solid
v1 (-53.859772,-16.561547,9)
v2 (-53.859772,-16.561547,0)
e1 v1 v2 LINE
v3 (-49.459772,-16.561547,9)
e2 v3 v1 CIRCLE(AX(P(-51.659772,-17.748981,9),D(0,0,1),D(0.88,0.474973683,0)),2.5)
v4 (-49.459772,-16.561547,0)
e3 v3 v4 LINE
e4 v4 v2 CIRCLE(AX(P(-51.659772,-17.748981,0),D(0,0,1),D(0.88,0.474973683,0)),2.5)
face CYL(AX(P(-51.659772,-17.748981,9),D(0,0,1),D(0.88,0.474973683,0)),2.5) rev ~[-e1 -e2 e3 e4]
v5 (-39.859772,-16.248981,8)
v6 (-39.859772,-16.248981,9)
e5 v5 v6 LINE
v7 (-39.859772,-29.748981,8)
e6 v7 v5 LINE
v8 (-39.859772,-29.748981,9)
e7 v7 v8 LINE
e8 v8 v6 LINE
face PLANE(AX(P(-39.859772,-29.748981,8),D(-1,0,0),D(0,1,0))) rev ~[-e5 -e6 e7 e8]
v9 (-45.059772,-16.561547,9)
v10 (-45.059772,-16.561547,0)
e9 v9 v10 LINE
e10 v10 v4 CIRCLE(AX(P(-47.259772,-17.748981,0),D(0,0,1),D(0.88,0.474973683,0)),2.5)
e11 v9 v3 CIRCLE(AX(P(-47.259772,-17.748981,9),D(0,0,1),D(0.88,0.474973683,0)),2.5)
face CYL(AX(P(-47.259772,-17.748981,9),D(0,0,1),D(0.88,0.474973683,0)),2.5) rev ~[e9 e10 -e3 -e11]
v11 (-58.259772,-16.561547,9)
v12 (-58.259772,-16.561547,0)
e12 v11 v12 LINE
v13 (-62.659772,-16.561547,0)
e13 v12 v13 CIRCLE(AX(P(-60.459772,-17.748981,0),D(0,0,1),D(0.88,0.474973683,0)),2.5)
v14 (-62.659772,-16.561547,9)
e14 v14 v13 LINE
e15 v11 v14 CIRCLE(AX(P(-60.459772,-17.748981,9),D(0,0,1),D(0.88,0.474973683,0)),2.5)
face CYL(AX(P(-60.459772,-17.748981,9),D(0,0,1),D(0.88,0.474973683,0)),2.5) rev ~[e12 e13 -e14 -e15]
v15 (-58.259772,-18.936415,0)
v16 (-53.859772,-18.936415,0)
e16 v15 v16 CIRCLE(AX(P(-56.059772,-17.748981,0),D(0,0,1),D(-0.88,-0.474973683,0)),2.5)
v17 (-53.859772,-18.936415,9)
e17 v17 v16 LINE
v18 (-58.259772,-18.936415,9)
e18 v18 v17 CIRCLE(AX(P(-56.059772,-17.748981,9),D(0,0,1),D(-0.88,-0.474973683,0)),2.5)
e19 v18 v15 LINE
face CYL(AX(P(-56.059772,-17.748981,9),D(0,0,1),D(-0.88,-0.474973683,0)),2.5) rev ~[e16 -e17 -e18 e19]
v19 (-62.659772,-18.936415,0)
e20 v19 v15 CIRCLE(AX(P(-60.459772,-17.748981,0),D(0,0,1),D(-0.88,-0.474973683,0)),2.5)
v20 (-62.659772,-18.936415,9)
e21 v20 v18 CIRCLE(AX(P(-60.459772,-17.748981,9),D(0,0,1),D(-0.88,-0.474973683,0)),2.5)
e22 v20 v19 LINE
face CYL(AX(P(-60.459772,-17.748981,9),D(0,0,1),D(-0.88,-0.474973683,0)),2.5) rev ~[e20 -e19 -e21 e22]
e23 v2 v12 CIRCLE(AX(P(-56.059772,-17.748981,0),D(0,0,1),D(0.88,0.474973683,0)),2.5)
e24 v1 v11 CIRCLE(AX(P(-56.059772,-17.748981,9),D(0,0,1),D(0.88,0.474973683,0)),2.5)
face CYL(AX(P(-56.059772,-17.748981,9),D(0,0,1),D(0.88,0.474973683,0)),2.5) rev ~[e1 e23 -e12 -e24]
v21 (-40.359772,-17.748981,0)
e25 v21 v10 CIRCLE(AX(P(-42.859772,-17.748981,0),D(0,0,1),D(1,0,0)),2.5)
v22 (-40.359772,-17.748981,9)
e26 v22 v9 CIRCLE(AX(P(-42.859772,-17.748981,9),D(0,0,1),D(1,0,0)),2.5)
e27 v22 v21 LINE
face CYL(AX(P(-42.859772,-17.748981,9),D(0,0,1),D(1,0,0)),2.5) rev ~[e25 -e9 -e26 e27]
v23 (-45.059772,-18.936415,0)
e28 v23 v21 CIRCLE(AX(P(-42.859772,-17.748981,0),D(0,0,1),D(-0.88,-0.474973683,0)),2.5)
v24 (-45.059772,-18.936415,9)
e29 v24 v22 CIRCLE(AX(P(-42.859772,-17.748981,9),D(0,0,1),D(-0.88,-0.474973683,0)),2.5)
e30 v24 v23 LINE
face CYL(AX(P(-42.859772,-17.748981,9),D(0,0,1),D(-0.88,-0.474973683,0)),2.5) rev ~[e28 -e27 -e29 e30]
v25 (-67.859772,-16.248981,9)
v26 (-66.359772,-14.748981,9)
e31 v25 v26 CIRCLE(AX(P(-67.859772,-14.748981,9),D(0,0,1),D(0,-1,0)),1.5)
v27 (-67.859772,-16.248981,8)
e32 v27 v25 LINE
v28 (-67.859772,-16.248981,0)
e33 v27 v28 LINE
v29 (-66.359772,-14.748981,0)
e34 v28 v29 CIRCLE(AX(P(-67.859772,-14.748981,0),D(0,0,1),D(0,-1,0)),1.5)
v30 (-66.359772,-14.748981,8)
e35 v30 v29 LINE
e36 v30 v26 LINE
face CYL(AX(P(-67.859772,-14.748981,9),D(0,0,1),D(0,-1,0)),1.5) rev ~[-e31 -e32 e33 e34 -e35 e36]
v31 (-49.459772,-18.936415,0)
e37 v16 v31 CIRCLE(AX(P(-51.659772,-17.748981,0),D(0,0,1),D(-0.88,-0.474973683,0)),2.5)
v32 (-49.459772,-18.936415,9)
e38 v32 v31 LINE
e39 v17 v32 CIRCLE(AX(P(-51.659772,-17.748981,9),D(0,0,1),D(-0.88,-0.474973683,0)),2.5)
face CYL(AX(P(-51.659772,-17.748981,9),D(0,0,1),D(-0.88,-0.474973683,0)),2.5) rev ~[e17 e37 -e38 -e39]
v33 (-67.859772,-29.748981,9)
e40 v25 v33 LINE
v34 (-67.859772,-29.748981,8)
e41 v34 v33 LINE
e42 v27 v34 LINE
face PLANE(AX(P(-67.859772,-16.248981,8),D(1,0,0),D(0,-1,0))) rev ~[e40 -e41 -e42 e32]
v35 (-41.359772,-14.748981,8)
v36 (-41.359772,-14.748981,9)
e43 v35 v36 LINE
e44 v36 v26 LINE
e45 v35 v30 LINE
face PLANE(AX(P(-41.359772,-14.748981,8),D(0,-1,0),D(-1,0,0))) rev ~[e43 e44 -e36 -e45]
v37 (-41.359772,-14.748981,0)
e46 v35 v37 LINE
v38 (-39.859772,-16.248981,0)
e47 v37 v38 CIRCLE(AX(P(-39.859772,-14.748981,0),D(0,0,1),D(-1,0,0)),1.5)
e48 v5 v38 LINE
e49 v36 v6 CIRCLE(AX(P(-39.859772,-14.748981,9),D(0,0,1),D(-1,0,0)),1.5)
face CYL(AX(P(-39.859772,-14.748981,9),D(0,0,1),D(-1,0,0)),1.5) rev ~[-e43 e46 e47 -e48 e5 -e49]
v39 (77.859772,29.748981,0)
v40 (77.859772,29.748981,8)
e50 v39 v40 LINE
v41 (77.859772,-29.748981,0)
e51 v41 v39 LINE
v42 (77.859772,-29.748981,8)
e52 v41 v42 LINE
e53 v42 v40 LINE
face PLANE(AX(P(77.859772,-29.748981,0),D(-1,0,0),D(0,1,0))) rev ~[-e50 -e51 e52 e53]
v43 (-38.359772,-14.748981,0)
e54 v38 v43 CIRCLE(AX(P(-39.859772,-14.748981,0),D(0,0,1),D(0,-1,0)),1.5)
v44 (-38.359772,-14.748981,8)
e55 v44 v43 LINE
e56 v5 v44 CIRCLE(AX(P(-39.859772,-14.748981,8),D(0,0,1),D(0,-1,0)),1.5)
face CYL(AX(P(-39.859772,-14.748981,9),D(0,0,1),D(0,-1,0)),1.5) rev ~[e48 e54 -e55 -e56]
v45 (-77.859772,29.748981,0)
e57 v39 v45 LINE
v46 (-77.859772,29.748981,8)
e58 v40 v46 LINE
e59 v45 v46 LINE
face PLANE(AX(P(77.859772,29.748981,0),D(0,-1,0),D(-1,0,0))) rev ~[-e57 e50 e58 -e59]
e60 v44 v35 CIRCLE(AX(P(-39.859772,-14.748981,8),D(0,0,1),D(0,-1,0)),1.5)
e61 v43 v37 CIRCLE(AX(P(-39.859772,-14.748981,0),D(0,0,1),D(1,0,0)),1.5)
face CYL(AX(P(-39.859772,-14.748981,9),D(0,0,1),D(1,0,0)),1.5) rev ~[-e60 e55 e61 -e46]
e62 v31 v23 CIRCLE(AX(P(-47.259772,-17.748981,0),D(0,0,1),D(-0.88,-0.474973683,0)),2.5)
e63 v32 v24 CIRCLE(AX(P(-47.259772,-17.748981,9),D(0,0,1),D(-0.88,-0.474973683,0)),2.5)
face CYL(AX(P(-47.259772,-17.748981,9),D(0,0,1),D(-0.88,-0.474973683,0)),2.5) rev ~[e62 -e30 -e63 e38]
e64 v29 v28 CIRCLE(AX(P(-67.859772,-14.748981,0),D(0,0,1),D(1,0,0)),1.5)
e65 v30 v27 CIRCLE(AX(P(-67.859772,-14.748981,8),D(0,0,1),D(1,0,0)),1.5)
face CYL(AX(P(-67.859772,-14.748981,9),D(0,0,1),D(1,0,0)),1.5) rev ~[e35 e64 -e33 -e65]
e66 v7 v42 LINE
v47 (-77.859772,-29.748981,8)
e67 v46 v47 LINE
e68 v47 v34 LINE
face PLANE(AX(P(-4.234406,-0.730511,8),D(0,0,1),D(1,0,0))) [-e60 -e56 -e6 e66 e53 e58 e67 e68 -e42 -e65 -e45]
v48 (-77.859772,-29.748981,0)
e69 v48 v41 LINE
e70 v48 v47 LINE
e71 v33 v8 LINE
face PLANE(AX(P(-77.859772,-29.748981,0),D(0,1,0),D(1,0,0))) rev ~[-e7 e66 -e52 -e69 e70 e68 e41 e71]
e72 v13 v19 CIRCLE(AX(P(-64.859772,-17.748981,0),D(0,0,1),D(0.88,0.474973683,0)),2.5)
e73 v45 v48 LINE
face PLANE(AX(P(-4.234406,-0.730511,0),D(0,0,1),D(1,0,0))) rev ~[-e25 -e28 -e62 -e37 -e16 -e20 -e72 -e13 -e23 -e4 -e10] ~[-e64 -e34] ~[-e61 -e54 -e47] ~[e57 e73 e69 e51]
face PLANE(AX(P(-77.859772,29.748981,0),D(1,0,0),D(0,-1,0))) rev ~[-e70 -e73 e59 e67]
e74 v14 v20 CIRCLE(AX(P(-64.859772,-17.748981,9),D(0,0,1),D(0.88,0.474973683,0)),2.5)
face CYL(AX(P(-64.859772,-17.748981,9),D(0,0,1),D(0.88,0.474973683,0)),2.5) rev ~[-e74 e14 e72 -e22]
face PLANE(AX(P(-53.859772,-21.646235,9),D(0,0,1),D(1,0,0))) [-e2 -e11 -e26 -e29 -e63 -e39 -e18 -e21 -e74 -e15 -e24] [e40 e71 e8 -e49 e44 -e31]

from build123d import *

# Parameters (mm, degrees)
F1_DEPTH = 8
F3_DEPTH = 1
F5_DEPTH = 25


with BuildPart() as f1:
    # F0 (on Top) → F1 (new body)
    with BuildSketch(Plane.XY):
        with BuildLine():
            Line((77.8597715207, -29.7489808303), (77.8597715207, 29.7489808303))
            Line((77.8597715207, 29.7489808303), (-77.8597715207, 29.7489808303))
            Line((-77.8597715207, 29.7489808303), (-77.8597715207, -29.7489808303))
            Line((-77.8597715207, -29.7489808303), (-67.8597715207, -29.7489808303))
            Line((-67.8597715207, -29.7489808303), (-67.8597715207, -16.2489808303))
            ThreePointArc((-67.8597715207, -16.2489808303), (-68.9204316925, -13.6883206586), (-66.3597715207, -14.7489808303))
            Line((-66.3597715207, -14.7489808303), (-41.3597715207, -14.7489808303))
            ThreePointArc((-41.3597715207, -14.7489808303), (-38.7991113489, -13.6883206586), (-39.8597715207, -16.2489808303))
            Line((-39.8597715207, -16.2489808303), (-39.8597715207, -29.7489808303))
            Line((-39.8597715207, -29.7489808303), (77.8597715207, -29.7489808303))
        make_face()
        with BuildLine():
            Line((-67.8597715207, -29.7489808303), (-39.8597715207, -29.7489808303))
            Line((-39.8597715207, -29.7489808303), (-39.8597715207, -16.2489808303))
            ThreePointArc((-39.8597715207, -16.2489808303), (-38.7991113489, -13.6883206586), (-41.3597715207, -14.7489808303))
            Line((-41.3597715207, -14.7489808303), (-66.3597715207, -14.7489808303))
            ThreePointArc((-66.3597715207, -14.7489808303), (-68.9204316925, -13.6883206586), (-67.8597715207, -16.2489808303))
            Line((-67.8597715207, -16.2489808303), (-67.8597715207, -29.7489808303))
        make_face()
    extrude(amount=F1_DEPTH)

    # F2 (on face) → F3 (join)
    with BuildSketch(Plane.XY.offset(8)):
        with BuildLine():
            Line((-67.8597715207, -16.2489808303), (-67.8597715207, -29.7489808303))
            Line((-67.8597715207, -29.7489808303), (-39.8597715207, -29.7489808303))
            Line((-39.8597715207, -29.7489808303), (-39.8597715207, -16.2489808303))
            ThreePointArc((-39.8597715207, -16.2489808303), (-38.7991113489, -13.6883206586), (-41.3597715207, -14.7489808303))
            Line((-41.3597715207, -14.7489808303), (-66.3597715207, -14.7489808303))
            ThreePointArc((-66.3597715207, -14.7489808303), (-68.9204316925, -13.6883206586), (-67.8597715207, -16.2489808303))
        make_face()
    extrude(amount=F3_DEPTH)

    # F4 (on face) → F5 (cut)
    with BuildSketch(Plane.XY.offset(9)):
        with BuildLine():
            ThreePointArc((-62.6597715207, -18.936415039), (-62.9597715207, -17.7489808303), (-62.6597715207, -16.5615466216))
            ThreePointArc((-62.6597715207, -16.5615466216), (-67.3597715207, -17.7489808303), (-62.6597715207, -18.936415039))
        make_face()
        with BuildLine():
            ThreePointArc((-62.6597715207, -16.5615466216), (-62.435931592, -17.1366083946), (-62.3597715207, -17.7489808303))
            ThreePointArc((-62.3597715207, -17.7489808303), (-62.435931592, -18.361353266), (-62.6597715207, -18.936415039))
            ThreePointArc((-62.6597715207, -18.936415039), (-60.4597715207, -20.2489808303), (-58.2597715207, -18.936415039))
            ThreePointArc((-58.2597715207, -18.936415039), (-58.5597715207, -17.7489808303), (-58.2597715207, -16.5615466216))
            ThreePointArc((-58.2597715207, -16.5615466216), (-60.4597715207, -15.2489808303), (-62.6597715207, -16.5615466216))
        make_face()
        with BuildLine():
            ThreePointArc((-53.8597715207, -16.5615466216), (-56.0597715207, -15.2489808303), (-58.2597715207, -16.5615466216))
            ThreePointArc((-58.2597715207, -16.5615466216), (-58.035931592, -17.1366083946), (-57.9597715207, -17.7489808303))
            ThreePointArc((-57.9597715207, -17.7489808303), (-58.035931592, -18.361353266), (-58.2597715207, -18.936415039))
            ThreePointArc((-58.2597715207, -18.936415039), (-56.0597715207, -20.2489808303), (-53.8597715207, -18.936415039))
            ThreePointArc((-53.8597715207, -18.936415039), (-54.1597715207, -17.7489808303), (-53.8597715207, -16.5615466216))
        make_face()
        with BuildLine():
            ThreePointArc((-49.4597715207, -16.5615466216), (-51.6597715207, -15.2489808303), (-53.8597715207, -16.5615466216))
            ThreePointArc((-53.8597715207, -16.5615466216), (-53.635931592, -17.1366083946), (-53.5597715207, -17.7489808303))
            ThreePointArc((-53.5597715207, -17.7489808303), (-53.635931592, -18.361353266), (-53.8597715207, -18.936415039))
            ThreePointArc((-53.8597715207, -18.936415039), (-51.6597715207, -20.2489808303), (-49.4597715207, -18.936415039))
            ThreePointArc((-49.4597715207, -18.936415039), (-49.7597715207, -17.7489808303), (-49.4597715207, -16.5615466216))
        make_face()
        with BuildLine():
            ThreePointArc((-45.0597715207, -16.5615466216), (-47.2597715207, -15.2489808303), (-49.4597715207, -16.5615466216))
            ThreePointArc((-49.4597715207, -16.5615466216), (-49.235931592, -17.1366083946), (-49.1597715207, -17.7489808303))
            ThreePointArc((-49.1597715207, -17.7489808303), (-49.235931592, -18.361353266), (-49.4597715207, -18.936415039))
            ThreePointArc((-49.4597715207, -18.936415039), (-47.2597715207, -20.2489808303), (-45.0597715207, -18.936415039))
            ThreePointArc((-45.0597715207, -18.936415039), (-45.3597715207, -17.7489808303), (-45.0597715207, -16.5615466216))
        make_face()
        with BuildLine():
            ThreePointArc((-40.3597715207, -17.7489808303), (-42.247399085, -15.3251409016), (-45.0597715207, -16.5615466216))
            ThreePointArc((-45.0597715207, -16.5615466216), (-44.835931592, -17.1366083946), (-44.7597715207, -17.7489808303))
            ThreePointArc((-44.7597715207, -17.7489808303), (-44.835931592, -18.361353266), (-45.0597715207, -18.936415039))
            ThreePointArc((-45.0597715207, -18.936415039), (-42.247399085, -20.1728207591), (-40.3597715207, -17.7489808303))
        make_face()
        with BuildLine():
            ThreePointArc((-57.9597715207, -17.7489808303), (-58.035931592, -17.1366083946), (-58.2597715207, -16.5615466216))
            ThreePointArc((-58.2597715207, -16.5615466216), (-58.5597715207, -17.7489808303), (-58.2597715207, -18.936415039))
            ThreePointArc((-58.2597715207, -18.936415039), (-58.035931592, -18.361353266), (-57.9597715207, -17.7489808303))
        make_face()
        with BuildLine():
            ThreePointArc((-62.6597715207, -18.936415039), (-62.435931592, -18.361353266), (-62.3597715207, -17.7489808303))
            ThreePointArc((-62.3597715207, -17.7489808303), (-62.435931592, -17.1366083946), (-62.6597715207, -16.5615466216))
            ThreePointArc((-62.6597715207, -16.5615466216), (-62.9597715207, -17.7489808303), (-62.6597715207, -18.936415039))
        make_face()
        with BuildLine():
            ThreePointArc((-53.5597715207, -17.7489808303), (-53.635931592, -17.1366083946), (-53.8597715207, -16.5615466216))
            Line((-53.8597715207, -16.5615466216), (-53.8597715207, -18.936415039))
            ThreePointArc((-53.8597715207, -18.936415039), (-53.635931592, -18.361353266), (-53.5597715207, -17.7489808303))
        make_face()
        with BuildLine():
            ThreePointArc((-49.1597715207, -17.7489808303), (-49.235931592, -17.1366083946), (-49.4597715207, -16.5615466216))
            ThreePointArc((-49.4597715207, -16.5615466216), (-49.7597715207, -17.7489808303), (-49.4597715207, -18.936415039))
            ThreePointArc((-49.4597715207, -18.936415039), (-49.235931592, -18.361353266), (-49.1597715207, -17.7489808303))
        make_face()
        with BuildLine():
            ThreePointArc((-44.7597715207, -17.7489808303), (-44.835931592, -17.1366083946), (-45.0597715207, -16.5615466216))
            ThreePointArc((-45.0597715207, -16.5615466216), (-45.3597715207, -17.7489808303), (-45.0597715207, -18.936415039))
            ThreePointArc((-45.0597715207, -18.936415039), (-44.835931592, -18.361353266), (-44.7597715207, -17.7489808303))
        make_face()
        with BuildLine():
            Line((-53.8597715207, -18.936415039), (-53.8597715207, -16.5615466216))
            ThreePointArc((-53.8597715207, -16.5615466216), (-54.1597715207, -17.7489808303), (-53.8597715207, -18.936415039))
        make_face()
        with BuildLine():
            ThreePointArc((-67.8597715207, -16.2489808303), (-66.7991113489, -15.8096410021), (-66.3597715207, -14.7489808303))
            ThreePointArc((-66.3597715207, -14.7489808303), (-68.9204316925, -13.6883206586), (-67.8597715207, -16.2489808303))
        make_face()
        with BuildLine():
            ThreePointArc((-38.3597715207, -14.7489808303), (-39.8597715207, -13.2489808303), (-41.3597715207, -14.7489808303))
            ThreePointArc((-41.3597715207, -14.7489808303), (-40.9204316925, -15.8096410021), (-39.8597715207, -16.2489808303))
            ThreePointArc((-39.8597715207, -16.2489808303), (-38.7991113489, -15.8096410021), (-38.3597715207, -14.7489808303))
        make_face()
    extrude(amount=-F5_DEPTH, mode=Mode.SUBTRACT)


solid = f1.part
